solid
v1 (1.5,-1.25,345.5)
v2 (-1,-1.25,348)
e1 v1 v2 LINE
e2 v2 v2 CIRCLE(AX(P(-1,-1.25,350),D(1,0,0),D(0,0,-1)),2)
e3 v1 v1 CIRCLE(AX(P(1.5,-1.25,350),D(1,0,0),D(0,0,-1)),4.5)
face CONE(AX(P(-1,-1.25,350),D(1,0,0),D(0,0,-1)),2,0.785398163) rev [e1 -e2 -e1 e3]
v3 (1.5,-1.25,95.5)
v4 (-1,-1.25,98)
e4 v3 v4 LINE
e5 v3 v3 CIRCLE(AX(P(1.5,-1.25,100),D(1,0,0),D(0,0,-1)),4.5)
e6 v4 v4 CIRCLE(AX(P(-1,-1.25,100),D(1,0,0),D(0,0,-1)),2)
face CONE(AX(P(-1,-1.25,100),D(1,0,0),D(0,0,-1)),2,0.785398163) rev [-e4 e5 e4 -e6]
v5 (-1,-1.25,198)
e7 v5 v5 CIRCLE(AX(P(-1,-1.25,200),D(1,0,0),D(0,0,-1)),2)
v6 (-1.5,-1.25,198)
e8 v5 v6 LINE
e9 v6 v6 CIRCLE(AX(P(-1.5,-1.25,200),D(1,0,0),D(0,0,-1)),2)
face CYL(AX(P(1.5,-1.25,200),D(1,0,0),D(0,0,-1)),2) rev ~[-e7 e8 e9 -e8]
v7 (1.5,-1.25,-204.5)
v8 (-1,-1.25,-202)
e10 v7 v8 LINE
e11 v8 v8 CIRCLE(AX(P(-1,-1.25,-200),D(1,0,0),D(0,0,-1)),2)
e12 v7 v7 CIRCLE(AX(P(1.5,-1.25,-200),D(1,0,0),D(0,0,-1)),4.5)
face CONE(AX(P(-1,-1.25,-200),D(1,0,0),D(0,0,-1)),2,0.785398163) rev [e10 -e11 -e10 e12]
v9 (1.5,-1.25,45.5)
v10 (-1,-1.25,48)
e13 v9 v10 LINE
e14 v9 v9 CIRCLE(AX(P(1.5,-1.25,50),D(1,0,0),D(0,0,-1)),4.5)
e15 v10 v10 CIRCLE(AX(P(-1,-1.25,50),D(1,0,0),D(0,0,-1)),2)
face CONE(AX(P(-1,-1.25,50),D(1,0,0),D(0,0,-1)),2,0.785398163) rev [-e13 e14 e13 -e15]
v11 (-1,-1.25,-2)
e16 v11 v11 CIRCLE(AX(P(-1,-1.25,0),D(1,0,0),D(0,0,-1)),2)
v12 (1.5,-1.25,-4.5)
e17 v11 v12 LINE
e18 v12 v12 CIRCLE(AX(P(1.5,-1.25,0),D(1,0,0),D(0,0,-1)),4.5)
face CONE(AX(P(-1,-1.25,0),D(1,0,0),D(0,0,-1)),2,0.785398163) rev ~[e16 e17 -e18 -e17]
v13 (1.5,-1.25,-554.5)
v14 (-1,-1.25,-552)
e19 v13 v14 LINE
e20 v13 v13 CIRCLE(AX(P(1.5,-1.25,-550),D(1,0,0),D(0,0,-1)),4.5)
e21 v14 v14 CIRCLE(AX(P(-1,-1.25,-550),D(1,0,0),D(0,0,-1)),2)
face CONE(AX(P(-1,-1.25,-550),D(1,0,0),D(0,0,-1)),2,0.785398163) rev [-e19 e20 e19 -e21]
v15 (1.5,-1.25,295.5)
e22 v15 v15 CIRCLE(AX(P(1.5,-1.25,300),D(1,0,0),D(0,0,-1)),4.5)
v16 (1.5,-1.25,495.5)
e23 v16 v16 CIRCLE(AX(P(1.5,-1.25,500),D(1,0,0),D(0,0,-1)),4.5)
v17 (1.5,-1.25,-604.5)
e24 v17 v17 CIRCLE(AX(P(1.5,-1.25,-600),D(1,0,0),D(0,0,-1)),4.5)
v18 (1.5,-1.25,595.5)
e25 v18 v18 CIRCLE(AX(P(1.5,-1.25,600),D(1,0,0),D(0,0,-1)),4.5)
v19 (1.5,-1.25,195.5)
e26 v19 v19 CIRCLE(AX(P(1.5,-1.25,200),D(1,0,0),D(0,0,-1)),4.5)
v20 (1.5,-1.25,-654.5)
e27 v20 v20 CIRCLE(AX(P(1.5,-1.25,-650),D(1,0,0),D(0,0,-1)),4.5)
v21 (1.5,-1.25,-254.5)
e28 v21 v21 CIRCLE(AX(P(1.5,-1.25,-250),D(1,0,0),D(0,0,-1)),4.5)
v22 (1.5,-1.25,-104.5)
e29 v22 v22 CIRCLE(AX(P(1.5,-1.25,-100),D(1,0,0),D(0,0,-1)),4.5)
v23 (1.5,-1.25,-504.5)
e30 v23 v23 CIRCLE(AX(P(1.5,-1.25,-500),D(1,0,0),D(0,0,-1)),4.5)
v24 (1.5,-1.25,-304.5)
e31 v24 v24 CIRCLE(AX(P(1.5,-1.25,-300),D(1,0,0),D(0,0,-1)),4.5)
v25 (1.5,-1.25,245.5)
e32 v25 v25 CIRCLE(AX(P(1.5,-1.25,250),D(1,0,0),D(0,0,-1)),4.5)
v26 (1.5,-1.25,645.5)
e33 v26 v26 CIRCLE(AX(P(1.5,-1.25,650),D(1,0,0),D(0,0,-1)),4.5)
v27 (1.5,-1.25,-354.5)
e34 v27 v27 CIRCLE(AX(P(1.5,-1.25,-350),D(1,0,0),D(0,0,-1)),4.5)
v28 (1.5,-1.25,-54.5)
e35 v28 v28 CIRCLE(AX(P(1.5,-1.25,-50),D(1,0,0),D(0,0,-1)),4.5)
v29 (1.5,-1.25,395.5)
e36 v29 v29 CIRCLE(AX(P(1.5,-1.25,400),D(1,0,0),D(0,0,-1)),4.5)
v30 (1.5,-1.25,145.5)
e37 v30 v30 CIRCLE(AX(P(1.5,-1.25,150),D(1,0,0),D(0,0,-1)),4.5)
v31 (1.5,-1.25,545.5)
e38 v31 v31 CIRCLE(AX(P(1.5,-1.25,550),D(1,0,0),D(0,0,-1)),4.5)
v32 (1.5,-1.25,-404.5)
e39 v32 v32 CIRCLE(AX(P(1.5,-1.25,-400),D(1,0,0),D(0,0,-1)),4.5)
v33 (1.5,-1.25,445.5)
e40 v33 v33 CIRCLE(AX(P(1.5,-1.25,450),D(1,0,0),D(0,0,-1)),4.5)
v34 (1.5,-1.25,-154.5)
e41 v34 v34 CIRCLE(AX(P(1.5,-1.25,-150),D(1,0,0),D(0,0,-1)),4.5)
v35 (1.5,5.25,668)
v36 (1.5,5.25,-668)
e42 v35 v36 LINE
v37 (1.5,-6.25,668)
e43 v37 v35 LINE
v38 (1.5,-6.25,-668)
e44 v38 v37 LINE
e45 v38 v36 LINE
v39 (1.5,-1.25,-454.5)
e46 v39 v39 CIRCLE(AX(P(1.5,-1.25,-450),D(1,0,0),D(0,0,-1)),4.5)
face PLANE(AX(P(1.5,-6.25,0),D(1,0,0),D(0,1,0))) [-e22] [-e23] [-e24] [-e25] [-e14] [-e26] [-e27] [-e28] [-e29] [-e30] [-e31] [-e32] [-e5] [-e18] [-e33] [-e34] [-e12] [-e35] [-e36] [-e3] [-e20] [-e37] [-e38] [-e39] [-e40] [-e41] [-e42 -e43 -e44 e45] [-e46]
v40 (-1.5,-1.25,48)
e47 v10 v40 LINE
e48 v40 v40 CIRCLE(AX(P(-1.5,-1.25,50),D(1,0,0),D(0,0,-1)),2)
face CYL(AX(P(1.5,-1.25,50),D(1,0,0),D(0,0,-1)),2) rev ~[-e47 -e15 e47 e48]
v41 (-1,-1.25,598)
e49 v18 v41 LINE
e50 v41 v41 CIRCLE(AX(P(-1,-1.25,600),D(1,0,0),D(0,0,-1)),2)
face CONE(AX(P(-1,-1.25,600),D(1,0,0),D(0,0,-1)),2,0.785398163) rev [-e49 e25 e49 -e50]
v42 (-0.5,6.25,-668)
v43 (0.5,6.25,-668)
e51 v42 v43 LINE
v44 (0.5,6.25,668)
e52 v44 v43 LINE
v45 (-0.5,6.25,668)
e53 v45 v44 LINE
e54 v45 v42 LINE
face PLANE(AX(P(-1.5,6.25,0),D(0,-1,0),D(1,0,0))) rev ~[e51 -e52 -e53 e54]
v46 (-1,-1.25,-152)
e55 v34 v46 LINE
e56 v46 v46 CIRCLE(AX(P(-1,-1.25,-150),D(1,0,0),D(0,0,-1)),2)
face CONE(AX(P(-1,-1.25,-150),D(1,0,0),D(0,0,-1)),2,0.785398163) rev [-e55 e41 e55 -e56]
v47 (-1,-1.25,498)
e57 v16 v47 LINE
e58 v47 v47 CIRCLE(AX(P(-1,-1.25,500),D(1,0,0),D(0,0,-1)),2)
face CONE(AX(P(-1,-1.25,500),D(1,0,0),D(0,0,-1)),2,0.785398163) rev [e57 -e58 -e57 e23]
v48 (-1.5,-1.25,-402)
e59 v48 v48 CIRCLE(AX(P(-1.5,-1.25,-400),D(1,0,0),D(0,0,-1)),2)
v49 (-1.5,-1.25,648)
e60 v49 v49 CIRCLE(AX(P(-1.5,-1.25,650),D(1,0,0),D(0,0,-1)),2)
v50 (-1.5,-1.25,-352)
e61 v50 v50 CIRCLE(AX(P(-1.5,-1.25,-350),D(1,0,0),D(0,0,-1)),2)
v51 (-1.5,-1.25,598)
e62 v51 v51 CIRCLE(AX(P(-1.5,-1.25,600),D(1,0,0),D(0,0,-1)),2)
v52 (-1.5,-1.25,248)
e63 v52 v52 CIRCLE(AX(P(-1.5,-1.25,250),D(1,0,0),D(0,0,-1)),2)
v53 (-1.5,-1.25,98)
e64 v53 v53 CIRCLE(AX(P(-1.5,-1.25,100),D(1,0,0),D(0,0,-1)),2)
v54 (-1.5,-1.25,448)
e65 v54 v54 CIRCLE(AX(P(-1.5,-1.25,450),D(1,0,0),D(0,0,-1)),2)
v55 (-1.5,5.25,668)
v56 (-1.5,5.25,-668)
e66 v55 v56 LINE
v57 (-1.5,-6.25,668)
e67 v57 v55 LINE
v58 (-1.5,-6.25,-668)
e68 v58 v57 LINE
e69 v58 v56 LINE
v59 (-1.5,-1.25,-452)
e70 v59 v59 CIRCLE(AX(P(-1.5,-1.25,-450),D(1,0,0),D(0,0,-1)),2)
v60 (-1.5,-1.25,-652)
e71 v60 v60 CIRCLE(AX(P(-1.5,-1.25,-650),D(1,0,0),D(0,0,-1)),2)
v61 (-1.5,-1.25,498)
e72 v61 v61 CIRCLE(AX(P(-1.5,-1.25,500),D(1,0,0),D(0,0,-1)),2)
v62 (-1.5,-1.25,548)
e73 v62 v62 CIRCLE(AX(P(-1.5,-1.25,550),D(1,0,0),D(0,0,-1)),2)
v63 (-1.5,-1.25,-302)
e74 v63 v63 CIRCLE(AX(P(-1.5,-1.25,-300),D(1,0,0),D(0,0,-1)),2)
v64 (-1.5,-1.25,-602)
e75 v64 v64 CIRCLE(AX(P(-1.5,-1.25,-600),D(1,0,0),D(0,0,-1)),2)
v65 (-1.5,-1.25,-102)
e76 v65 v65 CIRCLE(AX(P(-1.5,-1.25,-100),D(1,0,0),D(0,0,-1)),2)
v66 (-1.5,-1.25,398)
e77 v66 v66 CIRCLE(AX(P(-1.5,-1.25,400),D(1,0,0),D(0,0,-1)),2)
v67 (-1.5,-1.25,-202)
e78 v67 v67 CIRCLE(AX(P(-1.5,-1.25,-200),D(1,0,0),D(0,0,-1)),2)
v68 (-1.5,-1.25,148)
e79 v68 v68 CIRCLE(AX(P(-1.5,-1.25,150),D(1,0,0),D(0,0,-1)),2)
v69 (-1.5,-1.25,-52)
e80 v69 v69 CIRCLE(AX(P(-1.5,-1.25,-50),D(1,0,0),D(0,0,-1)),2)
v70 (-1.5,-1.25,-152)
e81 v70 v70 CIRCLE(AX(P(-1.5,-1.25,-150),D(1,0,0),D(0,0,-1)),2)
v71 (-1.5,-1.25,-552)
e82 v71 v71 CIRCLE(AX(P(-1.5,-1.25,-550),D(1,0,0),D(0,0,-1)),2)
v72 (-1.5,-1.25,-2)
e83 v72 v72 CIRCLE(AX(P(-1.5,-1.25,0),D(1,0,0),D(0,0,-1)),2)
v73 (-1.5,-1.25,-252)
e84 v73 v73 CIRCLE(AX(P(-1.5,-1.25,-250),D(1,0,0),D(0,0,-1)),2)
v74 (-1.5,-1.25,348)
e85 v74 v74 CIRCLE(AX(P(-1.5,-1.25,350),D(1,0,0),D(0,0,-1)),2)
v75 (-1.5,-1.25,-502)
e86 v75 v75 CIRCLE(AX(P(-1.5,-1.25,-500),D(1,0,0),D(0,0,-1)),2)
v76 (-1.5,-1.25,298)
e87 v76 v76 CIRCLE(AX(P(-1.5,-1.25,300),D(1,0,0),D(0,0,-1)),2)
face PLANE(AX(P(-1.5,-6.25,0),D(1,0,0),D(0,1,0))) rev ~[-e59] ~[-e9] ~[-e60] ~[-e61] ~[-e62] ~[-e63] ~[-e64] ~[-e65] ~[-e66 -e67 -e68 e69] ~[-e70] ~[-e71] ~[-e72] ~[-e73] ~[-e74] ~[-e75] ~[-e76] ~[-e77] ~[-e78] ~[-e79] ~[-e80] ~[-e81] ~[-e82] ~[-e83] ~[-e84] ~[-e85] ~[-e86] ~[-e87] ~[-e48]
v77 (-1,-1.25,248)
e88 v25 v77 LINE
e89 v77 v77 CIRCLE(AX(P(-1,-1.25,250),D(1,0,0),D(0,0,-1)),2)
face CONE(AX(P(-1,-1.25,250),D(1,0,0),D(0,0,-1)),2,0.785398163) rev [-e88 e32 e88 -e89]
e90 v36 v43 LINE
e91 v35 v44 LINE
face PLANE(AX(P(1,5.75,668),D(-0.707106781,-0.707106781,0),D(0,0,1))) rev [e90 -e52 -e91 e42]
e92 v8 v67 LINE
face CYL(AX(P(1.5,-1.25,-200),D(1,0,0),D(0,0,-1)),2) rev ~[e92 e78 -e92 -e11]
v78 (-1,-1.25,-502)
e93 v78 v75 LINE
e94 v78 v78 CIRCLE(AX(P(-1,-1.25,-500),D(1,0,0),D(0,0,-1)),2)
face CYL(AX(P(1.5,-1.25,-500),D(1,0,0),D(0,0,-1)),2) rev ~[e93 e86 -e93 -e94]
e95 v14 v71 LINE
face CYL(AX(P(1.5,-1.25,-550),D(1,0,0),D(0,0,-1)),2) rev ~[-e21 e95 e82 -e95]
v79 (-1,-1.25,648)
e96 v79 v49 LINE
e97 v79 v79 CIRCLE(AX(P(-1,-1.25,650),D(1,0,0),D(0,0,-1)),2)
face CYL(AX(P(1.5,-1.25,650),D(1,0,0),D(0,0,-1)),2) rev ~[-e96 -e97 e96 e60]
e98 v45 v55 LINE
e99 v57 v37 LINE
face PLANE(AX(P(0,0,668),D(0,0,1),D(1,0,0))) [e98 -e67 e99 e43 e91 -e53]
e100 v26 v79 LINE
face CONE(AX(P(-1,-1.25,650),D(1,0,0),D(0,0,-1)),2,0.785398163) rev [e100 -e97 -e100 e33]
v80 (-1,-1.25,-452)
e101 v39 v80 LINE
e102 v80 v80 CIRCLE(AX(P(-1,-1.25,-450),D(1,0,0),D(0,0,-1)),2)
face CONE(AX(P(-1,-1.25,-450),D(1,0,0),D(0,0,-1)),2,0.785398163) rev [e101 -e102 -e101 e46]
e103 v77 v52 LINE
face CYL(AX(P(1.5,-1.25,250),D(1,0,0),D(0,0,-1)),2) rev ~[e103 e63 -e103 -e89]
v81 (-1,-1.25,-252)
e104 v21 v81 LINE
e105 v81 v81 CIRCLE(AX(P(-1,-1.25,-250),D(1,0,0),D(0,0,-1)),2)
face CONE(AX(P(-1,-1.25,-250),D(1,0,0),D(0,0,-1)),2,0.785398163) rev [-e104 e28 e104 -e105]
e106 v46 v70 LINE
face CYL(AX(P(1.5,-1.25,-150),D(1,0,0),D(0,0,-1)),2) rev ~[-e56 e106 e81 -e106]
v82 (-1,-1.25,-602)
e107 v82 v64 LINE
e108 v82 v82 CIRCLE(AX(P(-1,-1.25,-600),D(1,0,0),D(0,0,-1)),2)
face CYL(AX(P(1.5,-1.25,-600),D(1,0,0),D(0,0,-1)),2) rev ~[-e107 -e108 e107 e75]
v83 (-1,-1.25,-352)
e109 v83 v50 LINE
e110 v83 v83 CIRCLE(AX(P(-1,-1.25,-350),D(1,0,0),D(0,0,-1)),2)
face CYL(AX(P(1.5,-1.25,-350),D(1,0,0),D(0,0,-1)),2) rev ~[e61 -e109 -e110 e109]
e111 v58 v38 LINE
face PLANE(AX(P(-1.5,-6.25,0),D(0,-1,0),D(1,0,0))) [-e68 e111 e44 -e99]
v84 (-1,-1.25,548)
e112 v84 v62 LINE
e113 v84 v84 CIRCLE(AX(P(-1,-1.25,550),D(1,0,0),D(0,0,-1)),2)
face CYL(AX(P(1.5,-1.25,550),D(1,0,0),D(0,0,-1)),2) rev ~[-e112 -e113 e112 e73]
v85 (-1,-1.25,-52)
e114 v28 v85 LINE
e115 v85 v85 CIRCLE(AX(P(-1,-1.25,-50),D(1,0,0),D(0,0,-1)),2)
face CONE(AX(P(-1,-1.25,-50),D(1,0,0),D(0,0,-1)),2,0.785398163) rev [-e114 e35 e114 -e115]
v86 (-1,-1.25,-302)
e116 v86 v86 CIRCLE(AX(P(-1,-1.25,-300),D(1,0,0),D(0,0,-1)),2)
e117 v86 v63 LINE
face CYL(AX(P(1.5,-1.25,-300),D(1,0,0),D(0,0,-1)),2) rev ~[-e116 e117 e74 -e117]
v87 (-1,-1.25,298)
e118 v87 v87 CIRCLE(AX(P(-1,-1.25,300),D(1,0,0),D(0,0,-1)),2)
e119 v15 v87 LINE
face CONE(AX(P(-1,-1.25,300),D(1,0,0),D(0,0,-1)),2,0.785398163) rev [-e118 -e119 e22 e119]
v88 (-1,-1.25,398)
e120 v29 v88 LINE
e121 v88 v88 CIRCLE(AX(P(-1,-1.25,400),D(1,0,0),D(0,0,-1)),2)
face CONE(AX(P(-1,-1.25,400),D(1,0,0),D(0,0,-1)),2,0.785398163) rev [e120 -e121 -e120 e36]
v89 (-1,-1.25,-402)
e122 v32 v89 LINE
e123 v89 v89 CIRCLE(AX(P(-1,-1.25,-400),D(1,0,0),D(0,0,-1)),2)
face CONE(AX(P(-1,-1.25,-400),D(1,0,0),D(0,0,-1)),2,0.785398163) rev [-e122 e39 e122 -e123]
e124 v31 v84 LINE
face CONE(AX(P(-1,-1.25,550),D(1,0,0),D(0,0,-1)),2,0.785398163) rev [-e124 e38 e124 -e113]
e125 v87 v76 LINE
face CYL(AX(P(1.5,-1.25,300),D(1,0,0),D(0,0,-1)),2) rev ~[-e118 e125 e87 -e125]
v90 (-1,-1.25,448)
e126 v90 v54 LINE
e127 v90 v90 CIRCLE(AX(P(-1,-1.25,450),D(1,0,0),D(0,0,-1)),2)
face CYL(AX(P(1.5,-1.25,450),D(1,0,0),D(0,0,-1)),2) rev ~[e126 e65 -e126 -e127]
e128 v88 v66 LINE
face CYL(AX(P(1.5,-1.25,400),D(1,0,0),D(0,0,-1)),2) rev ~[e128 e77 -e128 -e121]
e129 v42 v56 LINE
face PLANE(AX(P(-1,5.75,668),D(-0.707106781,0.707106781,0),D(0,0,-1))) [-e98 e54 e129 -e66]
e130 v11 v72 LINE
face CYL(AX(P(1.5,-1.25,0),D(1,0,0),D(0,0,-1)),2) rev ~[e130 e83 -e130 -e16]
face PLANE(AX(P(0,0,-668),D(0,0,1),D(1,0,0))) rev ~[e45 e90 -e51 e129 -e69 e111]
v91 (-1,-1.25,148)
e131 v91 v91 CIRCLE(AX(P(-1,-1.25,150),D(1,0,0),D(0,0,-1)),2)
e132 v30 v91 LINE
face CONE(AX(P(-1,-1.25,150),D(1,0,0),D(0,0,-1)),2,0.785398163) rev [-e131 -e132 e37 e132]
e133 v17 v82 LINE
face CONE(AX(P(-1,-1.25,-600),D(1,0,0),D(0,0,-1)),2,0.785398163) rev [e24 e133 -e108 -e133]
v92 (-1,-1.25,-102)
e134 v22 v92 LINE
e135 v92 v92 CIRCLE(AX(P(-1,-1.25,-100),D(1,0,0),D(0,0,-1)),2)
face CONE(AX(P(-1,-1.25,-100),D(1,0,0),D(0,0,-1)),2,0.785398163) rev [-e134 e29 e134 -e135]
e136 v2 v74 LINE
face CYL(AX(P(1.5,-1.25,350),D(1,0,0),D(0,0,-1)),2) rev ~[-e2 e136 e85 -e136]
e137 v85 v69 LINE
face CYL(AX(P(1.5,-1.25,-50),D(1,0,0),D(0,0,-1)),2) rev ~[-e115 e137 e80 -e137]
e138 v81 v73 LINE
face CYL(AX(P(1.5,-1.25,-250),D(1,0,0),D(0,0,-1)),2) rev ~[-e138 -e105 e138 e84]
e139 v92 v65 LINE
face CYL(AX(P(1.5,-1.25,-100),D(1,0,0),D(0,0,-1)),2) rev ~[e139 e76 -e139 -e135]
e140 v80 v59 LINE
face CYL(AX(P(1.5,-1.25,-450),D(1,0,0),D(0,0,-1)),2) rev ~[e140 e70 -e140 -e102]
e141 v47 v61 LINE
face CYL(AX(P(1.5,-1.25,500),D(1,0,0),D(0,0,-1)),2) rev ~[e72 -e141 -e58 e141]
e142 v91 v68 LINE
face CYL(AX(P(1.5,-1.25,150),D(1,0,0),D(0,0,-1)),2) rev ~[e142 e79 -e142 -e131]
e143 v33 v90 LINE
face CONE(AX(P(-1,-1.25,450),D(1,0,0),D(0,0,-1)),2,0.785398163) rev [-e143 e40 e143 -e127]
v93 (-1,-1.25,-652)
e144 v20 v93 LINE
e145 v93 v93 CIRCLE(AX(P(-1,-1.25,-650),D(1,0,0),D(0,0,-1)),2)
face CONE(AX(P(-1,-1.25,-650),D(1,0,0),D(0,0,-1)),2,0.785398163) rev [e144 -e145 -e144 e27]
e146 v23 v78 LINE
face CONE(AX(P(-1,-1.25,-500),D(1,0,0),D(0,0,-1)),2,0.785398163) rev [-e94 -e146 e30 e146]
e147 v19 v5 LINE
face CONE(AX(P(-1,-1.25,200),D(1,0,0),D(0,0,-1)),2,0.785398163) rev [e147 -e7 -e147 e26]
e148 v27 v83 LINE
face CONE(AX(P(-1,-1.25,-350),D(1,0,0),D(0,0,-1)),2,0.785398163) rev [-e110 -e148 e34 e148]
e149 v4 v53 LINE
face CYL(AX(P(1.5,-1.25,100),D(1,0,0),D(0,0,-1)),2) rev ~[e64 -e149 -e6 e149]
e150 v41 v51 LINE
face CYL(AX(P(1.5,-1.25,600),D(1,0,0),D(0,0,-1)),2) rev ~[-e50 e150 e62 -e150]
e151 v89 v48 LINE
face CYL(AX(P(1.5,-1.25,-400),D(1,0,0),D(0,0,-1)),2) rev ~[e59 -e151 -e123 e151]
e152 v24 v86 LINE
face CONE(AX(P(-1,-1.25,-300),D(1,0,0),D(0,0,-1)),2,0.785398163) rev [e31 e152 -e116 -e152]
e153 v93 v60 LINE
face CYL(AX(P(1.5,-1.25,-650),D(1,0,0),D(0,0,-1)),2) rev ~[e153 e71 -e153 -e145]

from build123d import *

# Parameters (mm, degrees)
SKETCH1_W                      = 3
SKETCH1_H                      = 12.5
BOSS_EXTRUDE1_DEPTH            = 668
SKETCH2_R                      = 2
CUT_EXTRUDE1_DEPTH             = 10
CHAMFER1_SIZE                  = 2.5
LPATTERN1_COUNT                = 14
LPATTERN1_PITCH                = 50
CHAMFER1_OF_LPATTERN1_SIZE     = 2.5
LPATTERN1_COL_COUNT            = 14
LPATTERN1_COL_PITCH            = 50
CHAMFER1_OF_LPATTERN1_COL_SIZE = 2.5
CHAMFER2_SIZE                  = 1


with BuildPart() as part:
    # Sketch1 → Boss-Extrude1 (new, symmetric)
    with BuildSketch(Plane.XY):
        Rectangle(SKETCH1_W, SKETCH1_H)
    extrude(amount=BOSS_EXTRUDE1_DEPTH, both=True)

    # Sketch2 → Cut-Extrude1 (cut)
    with BuildSketch(Plane(origin=(1.5, 0, 0), x_dir=(0, 0, -1), z_dir=(1, 0, 0))):
        with Locations((0, -1.25)):
            Circle(SKETCH2_R)
    cut_extrude1 = extrude(amount=-CUT_EXTRUDE1_DEPTH, mode=Mode.SUBTRACT)

    # Chamfer1
    chamfer1_edges = [part.edges().sort_by_distance(p)[0] for p in [
        (1.5, -1.25, 2),
    ]]
    chamfer(chamfer1_edges, length=CHAMFER1_SIZE)

    # LPattern1: Cut-Extrude1 ×14
    with Locations(*[(0, 0, i * LPATTERN1_PITCH) for i in range(1, LPATTERN1_COUNT)]):
        add(cut_extrude1, mode=Mode.SUBTRACT)

    # Chamfer1 of LPattern1
    chamfer1_of_lpattern1_edges = [part.edges().sort_by_distance(p)[0] for p in [
        (1.5, -1.25, 52),
        (1.5, -1.25, 102),
        (1.5, -1.25, 152),
        (1.5, -1.25, 202),
        (1.5, -1.25, 252),
        (1.5, -1.25, 302),
        (1.5, -1.25, 352),
        (1.5, -1.25, 402),
        (1.5, -1.25, 452),
        (1.5, -1.25, 502),
        (1.5, -1.25, 552),
        (1.5, -1.25, 602),
        (1.5, -1.25, 652),
    ]]
    chamfer(chamfer1_of_lpattern1_edges, length=CHAMFER1_OF_LPATTERN1_SIZE)

    # LPattern1 col: Cut-Extrude1 ×14
    with Locations(*[(0, 0, -i * LPATTERN1_COL_PITCH) for i in range(1, LPATTERN1_COL_COUNT)]):
        add(cut_extrude1, mode=Mode.SUBTRACT)

    # Chamfer1 of LPattern1 col
    chamfer1_of_lpattern1_col_edges = [part.edges().sort_by_distance(p)[0] for p in [
        (1.5, -1.25, -48),
        (1.5, -1.25, -98),
        (1.5, -1.25, -148),
        (1.5, -1.25, -198),
        (1.5, -1.25, -248),
        (1.5, -1.25, -298),
        (1.5, -1.25, -348),
        (1.5, -1.25, -398),
        (1.5, -1.25, -448),
        (1.5, -1.25, -498),
        (1.5, -1.25, -548),
        (1.5, -1.25, -598),
        (1.5, -1.25, -648),
    ]]
    chamfer(chamfer1_of_lpattern1_col_edges, length=CHAMFER1_OF_LPATTERN1_COL_SIZE)

    # Chamfer2
    chamfer2_edges = [part.edges().sort_by_distance(p)[0] for p in [
        (-1.5, 6.25, 0),
        (1.5, 6.25, 0),
    ]]
    chamfer(chamfer2_edges, length=CHAMFER2_SIZE)


solid = part.part
